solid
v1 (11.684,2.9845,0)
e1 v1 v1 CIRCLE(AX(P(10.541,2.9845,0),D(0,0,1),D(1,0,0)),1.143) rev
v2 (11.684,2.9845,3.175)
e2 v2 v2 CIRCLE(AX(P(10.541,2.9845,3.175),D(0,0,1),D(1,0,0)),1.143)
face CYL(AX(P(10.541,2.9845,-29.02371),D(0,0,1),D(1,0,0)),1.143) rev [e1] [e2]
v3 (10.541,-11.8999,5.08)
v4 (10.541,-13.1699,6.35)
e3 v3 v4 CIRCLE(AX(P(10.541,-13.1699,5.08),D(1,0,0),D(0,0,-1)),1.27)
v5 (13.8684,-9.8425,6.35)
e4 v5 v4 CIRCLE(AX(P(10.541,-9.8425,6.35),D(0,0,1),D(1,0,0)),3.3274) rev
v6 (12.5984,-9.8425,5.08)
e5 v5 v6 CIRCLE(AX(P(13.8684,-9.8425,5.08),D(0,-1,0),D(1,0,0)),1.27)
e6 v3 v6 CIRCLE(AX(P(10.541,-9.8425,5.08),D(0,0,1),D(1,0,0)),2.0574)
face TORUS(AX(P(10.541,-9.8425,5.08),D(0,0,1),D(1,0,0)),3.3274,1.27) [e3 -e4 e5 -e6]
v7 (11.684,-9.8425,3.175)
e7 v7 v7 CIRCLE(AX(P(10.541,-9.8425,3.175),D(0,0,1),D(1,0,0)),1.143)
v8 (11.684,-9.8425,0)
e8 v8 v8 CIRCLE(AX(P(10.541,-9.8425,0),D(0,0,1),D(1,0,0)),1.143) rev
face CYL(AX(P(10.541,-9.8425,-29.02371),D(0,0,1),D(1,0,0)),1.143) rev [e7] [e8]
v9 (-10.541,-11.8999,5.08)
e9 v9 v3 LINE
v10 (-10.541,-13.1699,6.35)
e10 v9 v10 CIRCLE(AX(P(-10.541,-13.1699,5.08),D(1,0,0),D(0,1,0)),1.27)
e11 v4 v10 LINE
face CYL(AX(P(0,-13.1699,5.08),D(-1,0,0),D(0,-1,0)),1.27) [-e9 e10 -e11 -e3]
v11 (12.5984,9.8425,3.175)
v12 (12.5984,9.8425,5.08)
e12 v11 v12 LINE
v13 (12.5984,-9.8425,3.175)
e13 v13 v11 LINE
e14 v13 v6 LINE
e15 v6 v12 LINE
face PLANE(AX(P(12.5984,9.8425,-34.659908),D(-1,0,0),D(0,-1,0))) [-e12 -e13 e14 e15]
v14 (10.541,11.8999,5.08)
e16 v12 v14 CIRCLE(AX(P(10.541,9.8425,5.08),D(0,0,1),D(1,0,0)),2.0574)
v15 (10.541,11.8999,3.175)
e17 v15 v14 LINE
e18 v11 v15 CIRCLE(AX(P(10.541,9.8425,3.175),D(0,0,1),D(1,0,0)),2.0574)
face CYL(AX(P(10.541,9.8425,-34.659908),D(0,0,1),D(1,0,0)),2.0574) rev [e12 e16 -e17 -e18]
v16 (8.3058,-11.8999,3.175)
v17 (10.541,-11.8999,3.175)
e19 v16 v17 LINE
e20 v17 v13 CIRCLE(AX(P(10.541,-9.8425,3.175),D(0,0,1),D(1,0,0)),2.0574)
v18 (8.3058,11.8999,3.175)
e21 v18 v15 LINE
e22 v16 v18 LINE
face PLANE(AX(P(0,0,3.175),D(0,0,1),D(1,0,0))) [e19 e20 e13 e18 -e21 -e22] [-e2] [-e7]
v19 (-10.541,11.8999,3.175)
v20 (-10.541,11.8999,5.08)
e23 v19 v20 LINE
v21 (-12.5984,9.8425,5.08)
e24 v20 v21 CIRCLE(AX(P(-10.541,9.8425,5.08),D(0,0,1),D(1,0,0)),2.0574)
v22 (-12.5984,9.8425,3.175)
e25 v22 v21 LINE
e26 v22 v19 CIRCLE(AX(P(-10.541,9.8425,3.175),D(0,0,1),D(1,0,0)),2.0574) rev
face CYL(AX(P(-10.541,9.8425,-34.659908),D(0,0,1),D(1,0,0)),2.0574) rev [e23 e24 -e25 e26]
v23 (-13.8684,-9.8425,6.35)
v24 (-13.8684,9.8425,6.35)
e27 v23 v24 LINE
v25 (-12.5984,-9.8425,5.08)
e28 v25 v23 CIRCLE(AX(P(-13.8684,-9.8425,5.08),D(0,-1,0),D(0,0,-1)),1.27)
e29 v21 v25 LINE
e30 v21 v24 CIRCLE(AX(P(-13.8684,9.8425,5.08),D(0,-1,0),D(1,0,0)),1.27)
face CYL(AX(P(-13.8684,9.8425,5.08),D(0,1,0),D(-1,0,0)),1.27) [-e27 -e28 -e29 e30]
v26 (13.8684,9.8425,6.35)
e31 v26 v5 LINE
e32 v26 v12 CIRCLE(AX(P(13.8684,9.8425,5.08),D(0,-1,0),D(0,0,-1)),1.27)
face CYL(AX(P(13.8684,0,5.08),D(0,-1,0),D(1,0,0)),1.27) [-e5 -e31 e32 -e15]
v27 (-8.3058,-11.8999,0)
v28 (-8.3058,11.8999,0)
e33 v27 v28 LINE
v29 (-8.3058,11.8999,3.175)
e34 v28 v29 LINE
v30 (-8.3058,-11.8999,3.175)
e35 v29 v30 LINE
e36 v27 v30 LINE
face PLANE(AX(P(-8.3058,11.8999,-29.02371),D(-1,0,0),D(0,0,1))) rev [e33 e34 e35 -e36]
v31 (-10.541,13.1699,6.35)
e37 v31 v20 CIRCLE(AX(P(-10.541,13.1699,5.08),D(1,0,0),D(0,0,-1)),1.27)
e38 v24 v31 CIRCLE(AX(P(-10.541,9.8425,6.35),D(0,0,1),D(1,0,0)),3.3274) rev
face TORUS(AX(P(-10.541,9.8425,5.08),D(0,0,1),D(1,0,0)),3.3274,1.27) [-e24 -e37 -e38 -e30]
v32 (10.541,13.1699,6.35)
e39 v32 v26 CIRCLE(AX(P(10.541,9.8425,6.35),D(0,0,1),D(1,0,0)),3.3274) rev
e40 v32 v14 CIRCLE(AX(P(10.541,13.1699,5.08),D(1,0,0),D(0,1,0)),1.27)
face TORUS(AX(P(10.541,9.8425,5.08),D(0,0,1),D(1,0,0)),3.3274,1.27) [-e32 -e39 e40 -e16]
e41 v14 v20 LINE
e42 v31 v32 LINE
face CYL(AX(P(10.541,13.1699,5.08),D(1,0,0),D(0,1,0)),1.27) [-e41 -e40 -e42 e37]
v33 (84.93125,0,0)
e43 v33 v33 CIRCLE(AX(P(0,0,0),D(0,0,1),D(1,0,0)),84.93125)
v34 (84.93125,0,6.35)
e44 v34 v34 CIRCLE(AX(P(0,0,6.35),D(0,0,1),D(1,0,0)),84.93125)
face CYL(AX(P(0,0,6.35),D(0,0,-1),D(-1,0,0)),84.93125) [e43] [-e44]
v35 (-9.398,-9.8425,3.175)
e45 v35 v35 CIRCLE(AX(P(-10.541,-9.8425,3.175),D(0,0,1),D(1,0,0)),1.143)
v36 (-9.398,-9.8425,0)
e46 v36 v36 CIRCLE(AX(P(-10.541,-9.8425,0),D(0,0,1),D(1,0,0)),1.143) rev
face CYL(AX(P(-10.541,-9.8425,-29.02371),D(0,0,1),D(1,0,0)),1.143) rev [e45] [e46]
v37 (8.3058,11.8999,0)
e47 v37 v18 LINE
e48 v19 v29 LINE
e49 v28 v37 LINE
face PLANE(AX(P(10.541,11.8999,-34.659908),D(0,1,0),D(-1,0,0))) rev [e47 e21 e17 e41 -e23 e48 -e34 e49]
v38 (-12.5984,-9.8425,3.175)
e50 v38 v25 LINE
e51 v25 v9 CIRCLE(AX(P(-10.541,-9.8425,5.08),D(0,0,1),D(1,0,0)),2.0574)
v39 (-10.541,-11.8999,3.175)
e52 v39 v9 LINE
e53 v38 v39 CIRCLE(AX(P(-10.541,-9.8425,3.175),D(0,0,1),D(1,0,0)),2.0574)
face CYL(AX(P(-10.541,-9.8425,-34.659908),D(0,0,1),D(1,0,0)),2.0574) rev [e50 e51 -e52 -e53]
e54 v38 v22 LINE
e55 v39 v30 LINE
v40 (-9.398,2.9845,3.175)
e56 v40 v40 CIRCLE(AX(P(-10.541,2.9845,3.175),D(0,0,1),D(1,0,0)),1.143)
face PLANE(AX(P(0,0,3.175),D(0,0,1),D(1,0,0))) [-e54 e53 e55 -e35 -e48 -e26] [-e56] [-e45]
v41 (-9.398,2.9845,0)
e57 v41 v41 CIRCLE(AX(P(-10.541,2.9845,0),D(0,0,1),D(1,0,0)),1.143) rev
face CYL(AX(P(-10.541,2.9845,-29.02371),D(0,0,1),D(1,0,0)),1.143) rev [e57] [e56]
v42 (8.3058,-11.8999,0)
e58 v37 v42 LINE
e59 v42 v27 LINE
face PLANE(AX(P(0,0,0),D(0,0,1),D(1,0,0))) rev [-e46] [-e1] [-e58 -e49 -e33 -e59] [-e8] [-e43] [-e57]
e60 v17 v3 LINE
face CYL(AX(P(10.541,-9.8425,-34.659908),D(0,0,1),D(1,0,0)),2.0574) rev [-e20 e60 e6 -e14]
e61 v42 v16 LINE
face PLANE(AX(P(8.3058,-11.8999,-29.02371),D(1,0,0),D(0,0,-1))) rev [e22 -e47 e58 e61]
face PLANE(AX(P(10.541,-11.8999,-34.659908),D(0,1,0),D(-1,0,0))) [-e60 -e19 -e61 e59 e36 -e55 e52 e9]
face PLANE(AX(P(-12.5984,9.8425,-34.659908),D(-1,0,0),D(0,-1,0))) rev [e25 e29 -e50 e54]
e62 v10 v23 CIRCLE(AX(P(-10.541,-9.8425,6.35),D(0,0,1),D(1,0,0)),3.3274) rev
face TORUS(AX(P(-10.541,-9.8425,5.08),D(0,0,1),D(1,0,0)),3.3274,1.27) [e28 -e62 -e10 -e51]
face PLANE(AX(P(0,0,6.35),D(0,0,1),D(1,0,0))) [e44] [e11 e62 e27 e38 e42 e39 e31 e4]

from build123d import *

# Parameters (mm, degrees)
SKETCH1_R           = 84.93125
BOSS_EXTRUDE1_DEPTH = 6.35
CUT_EXTRUDE2_DEPTH  = 3.175
SKETCH4_R           = 1.143
SKETCH4_W           = 16.6116
SKETCH4_H           = 23.7998
CUT_EXTRUDE3_DEPTH  = 3.175
FILLET1_R           = 1.27


with BuildPart() as part:
    # Sketch1 → Boss-Extrude1 (new body)
    with BuildSketch(Plane.XY):
        Circle(SKETCH1_R)
    extrude(amount=BOSS_EXTRUDE1_DEPTH)

    # Sketch2 → Cut-Extrude2 (cut)
    with BuildSketch(Plane.XY.offset(6.35)):
        with BuildLine():
            Line((10.541, 11.8999), (-10.541, 11.8999))
            ThreePointArc((-10.541, 11.8999), (-11.995801492, 11.297301492), (-12.5984, 9.8425))
            Line((-12.5984, 9.8425), (-12.5984, -9.8425))
            ThreePointArc((-12.5984, -9.8425), (-11.995801492, -11.297301492), (-10.541, -11.8999))
            Line((-10.541, -11.8999), (10.541, -11.8999))
            ThreePointArc((10.541, -11.8999), (11.995801492, -11.297301492), (12.5984, -9.8425))
            Line((12.5984, -9.8425), (12.5984, 9.8425))
            ThreePointArc((12.5984, 9.8425), (11.995801492, 11.297301492), (10.541, 11.8999))
        make_face()
    extrude(amount=-CUT_EXTRUDE2_DEPTH, mode=Mode.SUBTRACT)

    # Sketch4 → Cut-Extrude3 (cut)
    with BuildSketch(Plane.XY.offset(3.175)):
        with Locations((10.541, -9.8425)):
            Circle(SKETCH4_R)
        with Locations((-10.541, -9.8425)):
            Circle(SKETCH4_R)
        with Locations((10.541, 2.9845)):
            Circle(SKETCH4_R)
        with Locations((-10.541, 2.9845)):
            Circle(SKETCH4_R)
        Rectangle(SKETCH4_W, SKETCH4_H)
    extrude(amount=-CUT_EXTRUDE3_DEPTH, mode=Mode.SUBTRACT)

    # Fillet1
    fillet1_edges = [part.edges().sort_by_distance(p)[0] for p in [
        (-12.5984, 0, 6.35),
        (11.995801492, -11.297301492, 6.35),
        (12.5984, 0, 6.35),
        (11.995801492, 11.297301492, 6.35),
        (-11.995801492, -11.297301492, 6.35),
        (0, -11.8999, 6.35),
        (0, 11.8999, 6.35),
        (-11.995801492, 11.297301492, 6.35),
    ]]
    fillet(fillet1_edges, radius=FILLET1_R)


solid = part.part
